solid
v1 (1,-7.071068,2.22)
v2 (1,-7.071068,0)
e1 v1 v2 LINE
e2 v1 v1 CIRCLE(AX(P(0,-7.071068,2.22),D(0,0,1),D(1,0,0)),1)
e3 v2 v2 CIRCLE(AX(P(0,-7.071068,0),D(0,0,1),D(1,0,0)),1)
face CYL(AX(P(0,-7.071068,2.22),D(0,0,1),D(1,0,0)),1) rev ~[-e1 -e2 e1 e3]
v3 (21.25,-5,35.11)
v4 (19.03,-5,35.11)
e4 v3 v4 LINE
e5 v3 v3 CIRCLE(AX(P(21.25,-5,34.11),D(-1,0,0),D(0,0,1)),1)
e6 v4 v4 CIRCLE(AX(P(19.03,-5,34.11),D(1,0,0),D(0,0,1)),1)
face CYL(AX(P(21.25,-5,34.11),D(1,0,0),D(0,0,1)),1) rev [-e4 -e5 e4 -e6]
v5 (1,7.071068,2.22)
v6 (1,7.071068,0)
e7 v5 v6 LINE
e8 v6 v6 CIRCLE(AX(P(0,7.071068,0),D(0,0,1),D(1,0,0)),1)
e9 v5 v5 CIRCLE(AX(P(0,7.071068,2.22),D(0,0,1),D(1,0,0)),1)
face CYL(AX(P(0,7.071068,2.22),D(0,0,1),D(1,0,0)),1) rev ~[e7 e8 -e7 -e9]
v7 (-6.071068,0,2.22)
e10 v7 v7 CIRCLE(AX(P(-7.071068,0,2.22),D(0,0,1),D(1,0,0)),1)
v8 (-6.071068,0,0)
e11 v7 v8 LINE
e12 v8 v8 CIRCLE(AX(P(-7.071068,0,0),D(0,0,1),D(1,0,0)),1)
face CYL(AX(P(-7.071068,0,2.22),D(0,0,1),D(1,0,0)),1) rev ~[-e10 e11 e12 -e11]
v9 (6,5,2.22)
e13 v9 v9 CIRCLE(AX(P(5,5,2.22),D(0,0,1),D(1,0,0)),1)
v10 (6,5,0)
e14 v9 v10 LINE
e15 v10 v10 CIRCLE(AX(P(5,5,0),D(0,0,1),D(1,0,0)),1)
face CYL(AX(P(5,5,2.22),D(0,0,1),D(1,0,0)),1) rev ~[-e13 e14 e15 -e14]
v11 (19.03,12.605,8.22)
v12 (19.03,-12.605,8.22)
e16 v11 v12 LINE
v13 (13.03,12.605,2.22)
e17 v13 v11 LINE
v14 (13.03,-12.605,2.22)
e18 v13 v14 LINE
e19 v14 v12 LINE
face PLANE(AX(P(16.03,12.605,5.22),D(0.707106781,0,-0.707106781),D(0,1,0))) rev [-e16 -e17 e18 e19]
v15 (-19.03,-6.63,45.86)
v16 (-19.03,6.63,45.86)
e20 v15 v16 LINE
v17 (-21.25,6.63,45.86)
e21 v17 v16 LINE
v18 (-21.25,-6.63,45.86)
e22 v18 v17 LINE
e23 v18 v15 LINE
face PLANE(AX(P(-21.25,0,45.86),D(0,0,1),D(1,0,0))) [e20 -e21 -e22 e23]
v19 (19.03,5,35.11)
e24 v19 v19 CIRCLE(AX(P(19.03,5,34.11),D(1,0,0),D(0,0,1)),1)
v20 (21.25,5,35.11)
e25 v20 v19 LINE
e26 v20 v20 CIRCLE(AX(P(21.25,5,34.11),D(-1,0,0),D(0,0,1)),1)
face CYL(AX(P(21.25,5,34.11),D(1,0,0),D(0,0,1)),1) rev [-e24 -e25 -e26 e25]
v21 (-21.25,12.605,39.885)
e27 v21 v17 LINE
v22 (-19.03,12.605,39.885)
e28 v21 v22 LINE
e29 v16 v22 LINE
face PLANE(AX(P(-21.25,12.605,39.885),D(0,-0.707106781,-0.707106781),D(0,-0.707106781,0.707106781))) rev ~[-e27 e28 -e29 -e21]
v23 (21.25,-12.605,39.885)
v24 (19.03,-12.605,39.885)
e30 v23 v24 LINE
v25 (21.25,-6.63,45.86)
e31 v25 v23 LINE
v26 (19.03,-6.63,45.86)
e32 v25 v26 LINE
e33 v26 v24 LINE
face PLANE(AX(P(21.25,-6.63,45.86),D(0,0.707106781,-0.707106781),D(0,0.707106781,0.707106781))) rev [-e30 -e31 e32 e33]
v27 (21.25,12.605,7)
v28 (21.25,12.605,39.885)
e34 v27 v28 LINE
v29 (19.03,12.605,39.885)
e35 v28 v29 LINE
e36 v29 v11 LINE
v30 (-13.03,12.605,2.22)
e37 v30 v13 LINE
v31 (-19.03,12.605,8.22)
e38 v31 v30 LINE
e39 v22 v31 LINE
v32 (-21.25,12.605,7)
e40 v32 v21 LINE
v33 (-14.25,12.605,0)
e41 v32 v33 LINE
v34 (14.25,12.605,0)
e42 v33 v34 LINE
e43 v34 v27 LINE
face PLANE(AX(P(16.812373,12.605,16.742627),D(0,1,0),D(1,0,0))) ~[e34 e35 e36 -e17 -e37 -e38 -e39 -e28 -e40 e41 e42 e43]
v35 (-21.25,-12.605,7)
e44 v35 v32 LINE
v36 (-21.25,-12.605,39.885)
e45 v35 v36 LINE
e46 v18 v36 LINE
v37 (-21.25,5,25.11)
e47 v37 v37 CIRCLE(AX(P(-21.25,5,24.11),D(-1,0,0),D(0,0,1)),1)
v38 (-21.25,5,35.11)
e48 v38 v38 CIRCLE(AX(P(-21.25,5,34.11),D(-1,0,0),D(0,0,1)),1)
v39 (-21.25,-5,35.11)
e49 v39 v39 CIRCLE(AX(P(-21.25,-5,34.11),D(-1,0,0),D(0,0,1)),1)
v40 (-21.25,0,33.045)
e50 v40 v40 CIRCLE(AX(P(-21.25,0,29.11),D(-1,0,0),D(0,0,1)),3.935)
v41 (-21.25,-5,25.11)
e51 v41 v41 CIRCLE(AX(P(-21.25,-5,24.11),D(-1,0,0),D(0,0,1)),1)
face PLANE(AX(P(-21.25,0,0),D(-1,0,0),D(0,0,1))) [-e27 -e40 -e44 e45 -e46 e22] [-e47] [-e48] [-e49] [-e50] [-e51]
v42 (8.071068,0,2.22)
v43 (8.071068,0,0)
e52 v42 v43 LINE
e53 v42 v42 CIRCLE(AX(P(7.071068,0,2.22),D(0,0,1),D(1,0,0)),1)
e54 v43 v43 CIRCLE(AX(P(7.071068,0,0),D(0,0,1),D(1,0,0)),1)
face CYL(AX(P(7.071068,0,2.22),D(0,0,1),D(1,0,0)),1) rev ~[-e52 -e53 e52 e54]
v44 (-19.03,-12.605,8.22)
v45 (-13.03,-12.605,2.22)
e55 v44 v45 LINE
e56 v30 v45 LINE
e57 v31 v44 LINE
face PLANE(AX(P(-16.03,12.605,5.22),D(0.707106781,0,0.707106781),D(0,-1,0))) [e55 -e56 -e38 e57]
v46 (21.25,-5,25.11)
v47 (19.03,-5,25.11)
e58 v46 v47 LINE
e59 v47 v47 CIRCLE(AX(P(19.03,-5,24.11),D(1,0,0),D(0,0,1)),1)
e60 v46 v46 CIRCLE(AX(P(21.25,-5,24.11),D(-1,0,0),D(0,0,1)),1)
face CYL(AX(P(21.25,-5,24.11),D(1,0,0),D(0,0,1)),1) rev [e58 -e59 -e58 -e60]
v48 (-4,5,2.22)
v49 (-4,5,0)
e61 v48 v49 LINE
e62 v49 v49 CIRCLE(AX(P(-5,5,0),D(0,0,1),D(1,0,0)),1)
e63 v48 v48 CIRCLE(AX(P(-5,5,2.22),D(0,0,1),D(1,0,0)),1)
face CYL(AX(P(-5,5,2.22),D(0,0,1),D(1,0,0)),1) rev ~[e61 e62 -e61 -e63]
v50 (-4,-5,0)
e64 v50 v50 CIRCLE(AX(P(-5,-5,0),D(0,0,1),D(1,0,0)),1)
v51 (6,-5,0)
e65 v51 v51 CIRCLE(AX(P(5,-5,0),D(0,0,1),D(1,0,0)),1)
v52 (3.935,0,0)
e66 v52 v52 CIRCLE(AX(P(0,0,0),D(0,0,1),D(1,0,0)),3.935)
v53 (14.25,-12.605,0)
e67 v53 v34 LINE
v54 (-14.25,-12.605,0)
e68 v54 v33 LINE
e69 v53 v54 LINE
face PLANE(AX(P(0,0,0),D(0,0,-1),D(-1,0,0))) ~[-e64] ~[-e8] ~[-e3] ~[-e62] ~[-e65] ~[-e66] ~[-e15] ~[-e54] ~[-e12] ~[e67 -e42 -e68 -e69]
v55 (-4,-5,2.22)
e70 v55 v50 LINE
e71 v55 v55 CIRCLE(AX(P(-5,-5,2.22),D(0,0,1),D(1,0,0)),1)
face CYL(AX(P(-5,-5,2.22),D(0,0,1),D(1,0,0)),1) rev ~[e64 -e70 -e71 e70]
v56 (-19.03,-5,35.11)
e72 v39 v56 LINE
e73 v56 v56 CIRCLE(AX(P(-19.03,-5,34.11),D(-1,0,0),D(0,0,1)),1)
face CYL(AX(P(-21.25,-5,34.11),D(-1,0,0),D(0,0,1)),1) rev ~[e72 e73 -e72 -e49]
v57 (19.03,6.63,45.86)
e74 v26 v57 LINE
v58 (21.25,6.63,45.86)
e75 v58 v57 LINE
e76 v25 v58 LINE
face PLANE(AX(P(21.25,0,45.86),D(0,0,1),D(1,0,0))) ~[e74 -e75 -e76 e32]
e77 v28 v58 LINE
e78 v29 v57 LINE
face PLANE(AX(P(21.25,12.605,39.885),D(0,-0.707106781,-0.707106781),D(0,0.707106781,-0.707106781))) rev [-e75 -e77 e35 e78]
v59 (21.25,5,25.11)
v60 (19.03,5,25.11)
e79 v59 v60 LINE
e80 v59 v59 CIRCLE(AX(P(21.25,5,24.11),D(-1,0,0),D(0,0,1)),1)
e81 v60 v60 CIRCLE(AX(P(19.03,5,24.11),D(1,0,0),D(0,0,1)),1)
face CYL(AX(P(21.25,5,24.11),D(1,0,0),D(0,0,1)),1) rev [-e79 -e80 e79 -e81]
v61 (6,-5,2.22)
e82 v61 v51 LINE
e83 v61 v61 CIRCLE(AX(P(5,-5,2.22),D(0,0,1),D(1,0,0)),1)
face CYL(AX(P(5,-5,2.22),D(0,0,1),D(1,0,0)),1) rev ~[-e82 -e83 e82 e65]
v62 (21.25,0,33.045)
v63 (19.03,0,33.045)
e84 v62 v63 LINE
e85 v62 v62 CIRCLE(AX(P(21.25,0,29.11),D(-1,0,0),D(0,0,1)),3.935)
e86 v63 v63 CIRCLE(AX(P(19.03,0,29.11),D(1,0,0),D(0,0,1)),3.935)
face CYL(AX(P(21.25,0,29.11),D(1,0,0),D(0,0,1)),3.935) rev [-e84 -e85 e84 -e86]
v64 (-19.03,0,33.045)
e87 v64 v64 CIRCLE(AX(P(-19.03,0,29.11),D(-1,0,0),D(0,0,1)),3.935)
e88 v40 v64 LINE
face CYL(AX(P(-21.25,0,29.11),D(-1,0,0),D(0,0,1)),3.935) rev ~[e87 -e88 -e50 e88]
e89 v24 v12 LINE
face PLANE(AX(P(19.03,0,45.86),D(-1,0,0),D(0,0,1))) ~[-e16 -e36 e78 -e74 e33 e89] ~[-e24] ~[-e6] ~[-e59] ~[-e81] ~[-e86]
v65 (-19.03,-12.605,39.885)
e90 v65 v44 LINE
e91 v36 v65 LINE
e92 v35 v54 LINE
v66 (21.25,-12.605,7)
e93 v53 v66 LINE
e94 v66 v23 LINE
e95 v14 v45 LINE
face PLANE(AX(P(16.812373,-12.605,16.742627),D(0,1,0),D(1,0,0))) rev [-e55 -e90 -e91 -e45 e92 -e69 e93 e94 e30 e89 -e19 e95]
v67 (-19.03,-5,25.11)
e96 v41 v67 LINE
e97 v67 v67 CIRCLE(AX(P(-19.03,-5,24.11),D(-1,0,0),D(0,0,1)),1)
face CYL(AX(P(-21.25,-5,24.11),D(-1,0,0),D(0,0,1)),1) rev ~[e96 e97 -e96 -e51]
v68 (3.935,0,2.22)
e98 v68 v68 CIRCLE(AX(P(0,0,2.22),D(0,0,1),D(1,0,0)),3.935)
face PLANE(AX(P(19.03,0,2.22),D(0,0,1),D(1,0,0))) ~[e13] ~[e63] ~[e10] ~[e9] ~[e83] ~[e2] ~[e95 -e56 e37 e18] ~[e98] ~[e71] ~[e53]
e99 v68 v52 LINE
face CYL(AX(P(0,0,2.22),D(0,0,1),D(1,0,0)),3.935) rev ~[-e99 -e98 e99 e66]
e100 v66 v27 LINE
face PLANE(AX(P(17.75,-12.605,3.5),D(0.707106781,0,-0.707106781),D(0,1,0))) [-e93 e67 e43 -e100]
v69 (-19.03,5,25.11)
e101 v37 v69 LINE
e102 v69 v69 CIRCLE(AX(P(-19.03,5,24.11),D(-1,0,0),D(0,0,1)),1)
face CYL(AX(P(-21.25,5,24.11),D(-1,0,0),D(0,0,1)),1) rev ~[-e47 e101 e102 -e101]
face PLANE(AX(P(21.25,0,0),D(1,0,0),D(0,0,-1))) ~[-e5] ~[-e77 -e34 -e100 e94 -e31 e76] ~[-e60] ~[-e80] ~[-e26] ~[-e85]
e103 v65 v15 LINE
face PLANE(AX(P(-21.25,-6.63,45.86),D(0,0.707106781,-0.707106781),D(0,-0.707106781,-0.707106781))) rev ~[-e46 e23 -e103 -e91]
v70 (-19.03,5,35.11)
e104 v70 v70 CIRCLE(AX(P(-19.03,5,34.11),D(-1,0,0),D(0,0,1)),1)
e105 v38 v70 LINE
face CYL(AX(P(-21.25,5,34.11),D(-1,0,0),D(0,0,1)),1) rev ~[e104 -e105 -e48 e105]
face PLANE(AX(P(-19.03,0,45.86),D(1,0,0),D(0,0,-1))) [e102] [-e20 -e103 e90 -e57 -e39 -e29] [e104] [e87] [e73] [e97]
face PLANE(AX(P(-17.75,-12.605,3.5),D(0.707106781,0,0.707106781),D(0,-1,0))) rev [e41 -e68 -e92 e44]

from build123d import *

# Parameters (mm, degrees)
BOSS_EXTRUDE1_DEPTH = 12.605
CUT_EXTRUDE1_DEPTH  = 32.2
SKETCH3_R           = 3.935
SKETCH3_R_2         = 1
CUT_EXTRUDE2_DEPTH  = 32.2
SKETCH4_R           = 3.935
SKETCH4_R_2         = 1
CUT_EXTRUDE3_DEPTH  = 32.2
CHAMFER1_SIZE       = 6
CHAMFER2_SIZE       = 7


with BuildPart() as part:
    # Sketch1 → Boss-Extrude1 (new, symmetric)
    with BuildSketch(Plane(origin=(0, 0, 0), x_dir=(1, 0, 0), z_dir=(0, 1, 0))):
        Polygon((0, 0), (-21.25, 0), (-21.25, -45.86), (-19.03, -45.86), (-19.03, -2.22), (0, -2.22), align=None)
    boss_extrude1 = extrude(amount=BOSS_EXTRUDE1_DEPTH, both=True)

    # Sketch2 → Cut-Extrude1 (cut)
    with BuildSketch(Plane.ZY.offset(21.25)):
        Polygon((39.885, 12.605), (45.86, 6.63), (45.86, 12.605), align=None)
        Polygon((45.86, -6.63), (39.885, -12.605), (45.86, -12.605), align=None)
    cut_extrude1 = extrude(amount=-CUT_EXTRUDE1_DEPTH, mode=Mode.SUBTRACT)

    # Sketch3 → Cut-Extrude2 (cut)
    with BuildSketch(Plane.ZY.offset(21.25)):
        with Locations((29.11, 0)):
            Circle(SKETCH3_R)
        with Locations((24.11, 5)):
            Circle(SKETCH3_R_2)
        with Locations((34.11, 5)):
            Circle(SKETCH3_R_2)
        with Locations((34.11, -5)):
            Circle(SKETCH3_R_2)
        with Locations((24.11, -5)):
            Circle(SKETCH3_R_2)
    cut_extrude2 = extrude(amount=-CUT_EXTRUDE2_DEPTH, mode=Mode.SUBTRACT)

    # Mirror1: Boss-Extrude1, Cut-Extrude1, Cut-Extrude2 across plane
    add(boss_extrude1.mirror(Plane(origin=(0, 12.605, 2.22), x_dir=(0, 0, 1), z_dir=(-1, 0, 0))))
    add(cut_extrude1.mirror(Plane(origin=(0, 12.605, 2.22), x_dir=(0, 0, 1), z_dir=(-1, 0, 0))), mode=Mode.SUBTRACT)
    add(cut_extrude2.mirror(Plane(origin=(0, 12.605, 2.22), x_dir=(0, 0, 1), z_dir=(-1, 0, 0))), mode=Mode.SUBTRACT)

    # Sketch4 → Cut-Extrude3 (cut)
    with BuildSketch(Plane.XY.offset(2.22)):
        Circle(SKETCH4_R)
        with Locations((-5, 5)):
            Circle(SKETCH4_R_2)
        with Locations((5, 5)):
            Circle(SKETCH4_R_2)
        with Locations((5, -5)):
            Circle(SKETCH4_R_2)
        with Locations((-5, -5)):
            Circle(SKETCH4_R_2)
        with Locations((-7.071067812, 0)):
            Circle(SKETCH4_R_2)
        with Locations((0, 7.071067812)):
            Circle(SKETCH4_R_2)
        with Locations((7.071067812, 0)):
            Circle(SKETCH4_R_2)
        with Locations((0, -7.071067812)):
            Circle(SKETCH4_R_2)
    extrude(amount=-CUT_EXTRUDE3_DEPTH, mode=Mode.SUBTRACT)

    # Chamfer1
    chamfer1_edges = [part.edges().sort_by_distance(p)[0] for p in [
        (-19.03, 0, 2.22),
        (19.03, 0, 2.22),
    ]]
    chamfer(chamfer1_edges, length=CHAMFER1_SIZE)

    # Chamfer2
    chamfer2_edges = [part.edges().sort_by_distance(p)[0] for p in [
        (-21.25, 0, 0),
        (21.25, 0, 0),
    ]]
    chamfer(chamfer2_edges, length=CHAMFER2_SIZE)


solid = part.part
